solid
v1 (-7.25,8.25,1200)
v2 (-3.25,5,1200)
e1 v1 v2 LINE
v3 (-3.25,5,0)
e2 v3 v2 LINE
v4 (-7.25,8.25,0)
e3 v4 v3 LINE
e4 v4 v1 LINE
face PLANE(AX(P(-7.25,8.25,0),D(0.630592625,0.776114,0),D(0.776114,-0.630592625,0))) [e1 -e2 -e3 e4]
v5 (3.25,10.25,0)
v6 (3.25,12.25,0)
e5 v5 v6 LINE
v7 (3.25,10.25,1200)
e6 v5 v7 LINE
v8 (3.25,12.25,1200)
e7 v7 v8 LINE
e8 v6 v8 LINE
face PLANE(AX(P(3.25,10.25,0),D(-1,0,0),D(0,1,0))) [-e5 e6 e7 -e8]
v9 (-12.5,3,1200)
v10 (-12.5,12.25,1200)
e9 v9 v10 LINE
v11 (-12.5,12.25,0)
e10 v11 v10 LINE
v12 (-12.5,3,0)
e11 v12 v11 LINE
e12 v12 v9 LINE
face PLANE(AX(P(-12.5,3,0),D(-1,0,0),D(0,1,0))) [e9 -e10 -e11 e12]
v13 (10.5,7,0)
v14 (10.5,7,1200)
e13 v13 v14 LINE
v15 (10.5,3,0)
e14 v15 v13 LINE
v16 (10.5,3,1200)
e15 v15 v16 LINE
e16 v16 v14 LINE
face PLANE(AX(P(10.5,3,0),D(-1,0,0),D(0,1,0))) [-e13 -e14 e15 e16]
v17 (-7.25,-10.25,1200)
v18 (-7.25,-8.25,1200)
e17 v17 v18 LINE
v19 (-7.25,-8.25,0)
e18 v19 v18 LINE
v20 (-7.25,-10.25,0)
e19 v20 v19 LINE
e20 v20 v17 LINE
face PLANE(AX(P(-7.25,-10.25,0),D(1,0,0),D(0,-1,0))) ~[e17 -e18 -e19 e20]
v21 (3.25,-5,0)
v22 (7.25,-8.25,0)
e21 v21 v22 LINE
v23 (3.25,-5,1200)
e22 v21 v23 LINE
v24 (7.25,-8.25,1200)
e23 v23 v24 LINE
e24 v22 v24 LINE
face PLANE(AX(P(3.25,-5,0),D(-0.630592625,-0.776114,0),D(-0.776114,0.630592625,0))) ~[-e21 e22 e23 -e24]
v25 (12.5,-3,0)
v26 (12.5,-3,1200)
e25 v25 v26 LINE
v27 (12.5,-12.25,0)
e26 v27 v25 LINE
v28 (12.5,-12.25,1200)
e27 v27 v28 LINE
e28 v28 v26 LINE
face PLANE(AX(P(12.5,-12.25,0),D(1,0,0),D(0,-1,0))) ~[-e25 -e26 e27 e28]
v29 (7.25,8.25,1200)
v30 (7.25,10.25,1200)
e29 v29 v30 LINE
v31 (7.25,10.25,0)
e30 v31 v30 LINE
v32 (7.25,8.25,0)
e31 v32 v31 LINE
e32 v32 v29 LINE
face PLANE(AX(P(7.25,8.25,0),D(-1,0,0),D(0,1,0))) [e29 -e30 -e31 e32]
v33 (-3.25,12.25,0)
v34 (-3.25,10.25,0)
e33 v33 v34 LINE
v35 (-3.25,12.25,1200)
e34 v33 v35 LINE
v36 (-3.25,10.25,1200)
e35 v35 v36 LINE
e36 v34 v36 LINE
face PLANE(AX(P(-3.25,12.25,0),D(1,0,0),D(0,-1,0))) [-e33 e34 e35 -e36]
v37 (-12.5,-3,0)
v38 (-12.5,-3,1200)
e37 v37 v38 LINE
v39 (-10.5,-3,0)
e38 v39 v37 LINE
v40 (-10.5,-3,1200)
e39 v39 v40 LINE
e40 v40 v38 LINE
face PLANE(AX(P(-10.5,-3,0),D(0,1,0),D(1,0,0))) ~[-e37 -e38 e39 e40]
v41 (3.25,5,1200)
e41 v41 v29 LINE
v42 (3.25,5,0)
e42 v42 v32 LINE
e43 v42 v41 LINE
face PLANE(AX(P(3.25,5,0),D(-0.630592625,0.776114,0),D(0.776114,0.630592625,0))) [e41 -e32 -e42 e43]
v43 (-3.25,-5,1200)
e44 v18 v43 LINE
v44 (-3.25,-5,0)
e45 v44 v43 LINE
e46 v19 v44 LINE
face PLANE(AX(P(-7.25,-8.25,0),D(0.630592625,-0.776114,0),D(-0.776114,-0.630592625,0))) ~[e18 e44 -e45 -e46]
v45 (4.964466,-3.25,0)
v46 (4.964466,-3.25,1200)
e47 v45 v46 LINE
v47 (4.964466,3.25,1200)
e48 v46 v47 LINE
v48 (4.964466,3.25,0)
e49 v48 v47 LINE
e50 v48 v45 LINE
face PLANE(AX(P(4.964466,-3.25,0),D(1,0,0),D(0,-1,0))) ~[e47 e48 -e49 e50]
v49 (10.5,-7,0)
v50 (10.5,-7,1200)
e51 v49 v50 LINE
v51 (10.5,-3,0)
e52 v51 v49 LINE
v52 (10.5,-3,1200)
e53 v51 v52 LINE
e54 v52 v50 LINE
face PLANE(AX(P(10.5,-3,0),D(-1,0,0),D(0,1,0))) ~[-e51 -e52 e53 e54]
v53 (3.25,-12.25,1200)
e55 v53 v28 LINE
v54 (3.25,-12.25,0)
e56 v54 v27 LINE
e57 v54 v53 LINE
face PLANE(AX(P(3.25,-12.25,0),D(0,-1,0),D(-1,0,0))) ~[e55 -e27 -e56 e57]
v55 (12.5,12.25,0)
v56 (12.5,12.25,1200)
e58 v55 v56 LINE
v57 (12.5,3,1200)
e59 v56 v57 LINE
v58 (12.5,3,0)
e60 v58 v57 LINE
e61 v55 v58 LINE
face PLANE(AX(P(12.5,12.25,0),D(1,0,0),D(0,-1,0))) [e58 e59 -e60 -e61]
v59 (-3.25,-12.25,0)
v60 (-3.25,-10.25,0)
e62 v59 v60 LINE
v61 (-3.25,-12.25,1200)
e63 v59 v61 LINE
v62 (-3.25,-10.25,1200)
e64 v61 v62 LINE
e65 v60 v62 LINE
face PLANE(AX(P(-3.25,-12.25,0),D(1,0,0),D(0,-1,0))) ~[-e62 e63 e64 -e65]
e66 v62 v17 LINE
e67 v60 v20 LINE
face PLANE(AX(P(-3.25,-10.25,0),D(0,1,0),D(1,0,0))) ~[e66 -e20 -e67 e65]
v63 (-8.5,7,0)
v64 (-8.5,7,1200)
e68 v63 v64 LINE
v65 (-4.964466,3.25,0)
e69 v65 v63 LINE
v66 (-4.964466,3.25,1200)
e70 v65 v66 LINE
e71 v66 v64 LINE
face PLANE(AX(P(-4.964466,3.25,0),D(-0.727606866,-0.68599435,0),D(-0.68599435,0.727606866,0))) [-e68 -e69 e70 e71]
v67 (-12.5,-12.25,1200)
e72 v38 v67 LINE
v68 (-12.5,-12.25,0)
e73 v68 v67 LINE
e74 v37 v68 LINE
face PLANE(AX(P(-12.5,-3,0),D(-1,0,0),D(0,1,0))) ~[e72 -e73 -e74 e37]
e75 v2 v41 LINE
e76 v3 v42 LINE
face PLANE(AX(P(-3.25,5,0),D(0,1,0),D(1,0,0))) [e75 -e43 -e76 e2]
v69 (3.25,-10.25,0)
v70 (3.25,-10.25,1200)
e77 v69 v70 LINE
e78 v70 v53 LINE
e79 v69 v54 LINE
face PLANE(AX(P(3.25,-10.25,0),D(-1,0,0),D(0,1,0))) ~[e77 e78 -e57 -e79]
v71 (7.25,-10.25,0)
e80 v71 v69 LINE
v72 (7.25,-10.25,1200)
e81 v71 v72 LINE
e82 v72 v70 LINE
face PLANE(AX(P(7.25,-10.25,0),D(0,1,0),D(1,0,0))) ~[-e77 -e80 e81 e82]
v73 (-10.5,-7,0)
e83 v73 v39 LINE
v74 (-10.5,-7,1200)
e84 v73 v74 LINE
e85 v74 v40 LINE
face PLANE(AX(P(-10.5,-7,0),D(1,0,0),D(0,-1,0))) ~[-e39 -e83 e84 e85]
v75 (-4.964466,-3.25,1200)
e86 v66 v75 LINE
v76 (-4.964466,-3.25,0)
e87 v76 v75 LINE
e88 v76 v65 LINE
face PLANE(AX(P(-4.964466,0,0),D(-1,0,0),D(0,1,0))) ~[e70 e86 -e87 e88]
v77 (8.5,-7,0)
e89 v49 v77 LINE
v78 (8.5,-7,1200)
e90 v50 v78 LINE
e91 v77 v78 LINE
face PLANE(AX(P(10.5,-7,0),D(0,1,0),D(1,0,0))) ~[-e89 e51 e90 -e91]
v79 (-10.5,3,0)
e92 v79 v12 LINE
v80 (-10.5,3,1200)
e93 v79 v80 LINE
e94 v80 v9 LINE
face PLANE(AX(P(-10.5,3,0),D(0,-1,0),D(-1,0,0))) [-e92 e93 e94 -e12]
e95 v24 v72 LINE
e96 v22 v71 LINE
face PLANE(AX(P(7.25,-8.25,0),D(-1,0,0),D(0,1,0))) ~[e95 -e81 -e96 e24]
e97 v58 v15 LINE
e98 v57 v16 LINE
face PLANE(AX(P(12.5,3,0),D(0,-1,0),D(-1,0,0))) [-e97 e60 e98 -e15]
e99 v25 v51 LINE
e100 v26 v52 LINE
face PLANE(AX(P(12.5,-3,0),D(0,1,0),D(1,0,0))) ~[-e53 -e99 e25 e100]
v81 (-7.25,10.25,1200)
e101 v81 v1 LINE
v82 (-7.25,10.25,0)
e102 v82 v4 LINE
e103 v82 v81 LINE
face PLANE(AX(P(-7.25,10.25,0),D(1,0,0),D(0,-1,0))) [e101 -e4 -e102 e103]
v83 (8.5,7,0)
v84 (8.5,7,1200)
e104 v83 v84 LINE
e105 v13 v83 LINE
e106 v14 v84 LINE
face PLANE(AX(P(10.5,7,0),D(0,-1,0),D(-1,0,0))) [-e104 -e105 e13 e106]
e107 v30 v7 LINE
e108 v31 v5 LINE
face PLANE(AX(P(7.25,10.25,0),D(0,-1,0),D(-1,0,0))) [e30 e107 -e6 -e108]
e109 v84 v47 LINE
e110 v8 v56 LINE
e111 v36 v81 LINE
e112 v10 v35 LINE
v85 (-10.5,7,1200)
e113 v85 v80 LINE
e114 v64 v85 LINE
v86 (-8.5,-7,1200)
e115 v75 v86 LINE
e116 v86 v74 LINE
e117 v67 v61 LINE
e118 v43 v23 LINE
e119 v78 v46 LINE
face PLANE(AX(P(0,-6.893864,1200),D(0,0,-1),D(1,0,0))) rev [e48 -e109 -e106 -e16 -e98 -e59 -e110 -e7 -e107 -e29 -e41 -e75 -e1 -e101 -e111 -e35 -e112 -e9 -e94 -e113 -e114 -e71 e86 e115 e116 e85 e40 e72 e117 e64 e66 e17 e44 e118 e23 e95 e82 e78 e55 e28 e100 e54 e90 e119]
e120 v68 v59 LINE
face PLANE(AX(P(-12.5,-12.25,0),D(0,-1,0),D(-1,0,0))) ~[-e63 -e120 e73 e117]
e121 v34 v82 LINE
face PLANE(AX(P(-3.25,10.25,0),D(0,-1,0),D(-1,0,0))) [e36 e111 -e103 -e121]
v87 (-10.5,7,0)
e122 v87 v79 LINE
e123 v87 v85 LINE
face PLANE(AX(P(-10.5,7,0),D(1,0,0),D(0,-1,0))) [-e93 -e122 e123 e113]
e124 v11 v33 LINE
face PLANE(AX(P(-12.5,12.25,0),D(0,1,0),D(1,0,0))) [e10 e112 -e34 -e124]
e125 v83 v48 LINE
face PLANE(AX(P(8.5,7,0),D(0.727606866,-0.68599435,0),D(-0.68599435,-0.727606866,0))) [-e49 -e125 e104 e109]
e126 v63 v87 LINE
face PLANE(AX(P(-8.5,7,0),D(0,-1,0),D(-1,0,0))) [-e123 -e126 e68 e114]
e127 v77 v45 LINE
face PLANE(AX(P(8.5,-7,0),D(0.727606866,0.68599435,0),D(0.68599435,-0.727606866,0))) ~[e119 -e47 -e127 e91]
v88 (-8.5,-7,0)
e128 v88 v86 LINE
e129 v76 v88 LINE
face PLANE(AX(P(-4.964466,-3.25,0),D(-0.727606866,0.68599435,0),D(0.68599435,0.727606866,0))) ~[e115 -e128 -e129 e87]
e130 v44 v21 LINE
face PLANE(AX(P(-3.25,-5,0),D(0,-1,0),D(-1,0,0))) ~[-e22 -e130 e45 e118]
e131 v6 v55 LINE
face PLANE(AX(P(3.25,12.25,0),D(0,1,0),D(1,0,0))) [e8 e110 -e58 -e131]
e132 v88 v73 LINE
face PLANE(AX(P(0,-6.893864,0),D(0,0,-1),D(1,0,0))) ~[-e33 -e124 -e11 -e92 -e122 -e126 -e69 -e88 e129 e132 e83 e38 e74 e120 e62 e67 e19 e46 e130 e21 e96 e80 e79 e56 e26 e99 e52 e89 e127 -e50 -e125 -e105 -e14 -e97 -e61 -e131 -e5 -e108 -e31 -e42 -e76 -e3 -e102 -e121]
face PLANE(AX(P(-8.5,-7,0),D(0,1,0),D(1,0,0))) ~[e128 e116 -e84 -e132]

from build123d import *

# Parameters (mm, degrees)
PAD_DEPTH    = 1200
SKETCH001_R  = 2
POCKET_DEPTH = 5.251


with BuildPart() as change_me_for_height:
    # Sketch → Pad (new body)
    with BuildSketch(Plane.XY):
        Polygon((-12.5, 3), (-12.5, 12.25), (-3.25, 12.25), (-3.25, 10.25), (-7.25, 10.25), (-7.25, 8.25), (-3.25, 5), (3.25, 5), (7.25, 8.25), (7.25, 10.25), (3.25, 10.25), (3.25, 12.25), (12.5, 12.25), (12.5, 3), (10.5, 3), (10.5, 7), (8.5, 7), (4.964466, 3.25), (4.964466, 0), (-4.964466, 0), (-4.964466, 3.25), (-8.5, 7), (-10.5, 7), (-10.5, 3), align=None)
    pad = extrude(amount=PAD_DEPTH)


with BuildPart() as mirrored:
    # Mirrored base: copy of Change_me_for_height
    add(change_me_for_height.part)

    # Mirrored: Pad across Sketch H_Axis
    add(pad.mirror(Plane.ZX))


with BuildPart() as pocket:
    # Fusion base: copy of Change_me_for_height
    add(change_me_for_height.part)

    # Fusion: union Mirrored
    add(mirrored.part)

    # Sketch001 → Pocket (cut, through all)
    with BuildSketch(Plane.XZ.offset(-7)):
        Circle(SKETCH001_R)
    extrude(amount=-POCKET_DEPTH, mode=Mode.SUBTRACT)


solid = pocket.part
